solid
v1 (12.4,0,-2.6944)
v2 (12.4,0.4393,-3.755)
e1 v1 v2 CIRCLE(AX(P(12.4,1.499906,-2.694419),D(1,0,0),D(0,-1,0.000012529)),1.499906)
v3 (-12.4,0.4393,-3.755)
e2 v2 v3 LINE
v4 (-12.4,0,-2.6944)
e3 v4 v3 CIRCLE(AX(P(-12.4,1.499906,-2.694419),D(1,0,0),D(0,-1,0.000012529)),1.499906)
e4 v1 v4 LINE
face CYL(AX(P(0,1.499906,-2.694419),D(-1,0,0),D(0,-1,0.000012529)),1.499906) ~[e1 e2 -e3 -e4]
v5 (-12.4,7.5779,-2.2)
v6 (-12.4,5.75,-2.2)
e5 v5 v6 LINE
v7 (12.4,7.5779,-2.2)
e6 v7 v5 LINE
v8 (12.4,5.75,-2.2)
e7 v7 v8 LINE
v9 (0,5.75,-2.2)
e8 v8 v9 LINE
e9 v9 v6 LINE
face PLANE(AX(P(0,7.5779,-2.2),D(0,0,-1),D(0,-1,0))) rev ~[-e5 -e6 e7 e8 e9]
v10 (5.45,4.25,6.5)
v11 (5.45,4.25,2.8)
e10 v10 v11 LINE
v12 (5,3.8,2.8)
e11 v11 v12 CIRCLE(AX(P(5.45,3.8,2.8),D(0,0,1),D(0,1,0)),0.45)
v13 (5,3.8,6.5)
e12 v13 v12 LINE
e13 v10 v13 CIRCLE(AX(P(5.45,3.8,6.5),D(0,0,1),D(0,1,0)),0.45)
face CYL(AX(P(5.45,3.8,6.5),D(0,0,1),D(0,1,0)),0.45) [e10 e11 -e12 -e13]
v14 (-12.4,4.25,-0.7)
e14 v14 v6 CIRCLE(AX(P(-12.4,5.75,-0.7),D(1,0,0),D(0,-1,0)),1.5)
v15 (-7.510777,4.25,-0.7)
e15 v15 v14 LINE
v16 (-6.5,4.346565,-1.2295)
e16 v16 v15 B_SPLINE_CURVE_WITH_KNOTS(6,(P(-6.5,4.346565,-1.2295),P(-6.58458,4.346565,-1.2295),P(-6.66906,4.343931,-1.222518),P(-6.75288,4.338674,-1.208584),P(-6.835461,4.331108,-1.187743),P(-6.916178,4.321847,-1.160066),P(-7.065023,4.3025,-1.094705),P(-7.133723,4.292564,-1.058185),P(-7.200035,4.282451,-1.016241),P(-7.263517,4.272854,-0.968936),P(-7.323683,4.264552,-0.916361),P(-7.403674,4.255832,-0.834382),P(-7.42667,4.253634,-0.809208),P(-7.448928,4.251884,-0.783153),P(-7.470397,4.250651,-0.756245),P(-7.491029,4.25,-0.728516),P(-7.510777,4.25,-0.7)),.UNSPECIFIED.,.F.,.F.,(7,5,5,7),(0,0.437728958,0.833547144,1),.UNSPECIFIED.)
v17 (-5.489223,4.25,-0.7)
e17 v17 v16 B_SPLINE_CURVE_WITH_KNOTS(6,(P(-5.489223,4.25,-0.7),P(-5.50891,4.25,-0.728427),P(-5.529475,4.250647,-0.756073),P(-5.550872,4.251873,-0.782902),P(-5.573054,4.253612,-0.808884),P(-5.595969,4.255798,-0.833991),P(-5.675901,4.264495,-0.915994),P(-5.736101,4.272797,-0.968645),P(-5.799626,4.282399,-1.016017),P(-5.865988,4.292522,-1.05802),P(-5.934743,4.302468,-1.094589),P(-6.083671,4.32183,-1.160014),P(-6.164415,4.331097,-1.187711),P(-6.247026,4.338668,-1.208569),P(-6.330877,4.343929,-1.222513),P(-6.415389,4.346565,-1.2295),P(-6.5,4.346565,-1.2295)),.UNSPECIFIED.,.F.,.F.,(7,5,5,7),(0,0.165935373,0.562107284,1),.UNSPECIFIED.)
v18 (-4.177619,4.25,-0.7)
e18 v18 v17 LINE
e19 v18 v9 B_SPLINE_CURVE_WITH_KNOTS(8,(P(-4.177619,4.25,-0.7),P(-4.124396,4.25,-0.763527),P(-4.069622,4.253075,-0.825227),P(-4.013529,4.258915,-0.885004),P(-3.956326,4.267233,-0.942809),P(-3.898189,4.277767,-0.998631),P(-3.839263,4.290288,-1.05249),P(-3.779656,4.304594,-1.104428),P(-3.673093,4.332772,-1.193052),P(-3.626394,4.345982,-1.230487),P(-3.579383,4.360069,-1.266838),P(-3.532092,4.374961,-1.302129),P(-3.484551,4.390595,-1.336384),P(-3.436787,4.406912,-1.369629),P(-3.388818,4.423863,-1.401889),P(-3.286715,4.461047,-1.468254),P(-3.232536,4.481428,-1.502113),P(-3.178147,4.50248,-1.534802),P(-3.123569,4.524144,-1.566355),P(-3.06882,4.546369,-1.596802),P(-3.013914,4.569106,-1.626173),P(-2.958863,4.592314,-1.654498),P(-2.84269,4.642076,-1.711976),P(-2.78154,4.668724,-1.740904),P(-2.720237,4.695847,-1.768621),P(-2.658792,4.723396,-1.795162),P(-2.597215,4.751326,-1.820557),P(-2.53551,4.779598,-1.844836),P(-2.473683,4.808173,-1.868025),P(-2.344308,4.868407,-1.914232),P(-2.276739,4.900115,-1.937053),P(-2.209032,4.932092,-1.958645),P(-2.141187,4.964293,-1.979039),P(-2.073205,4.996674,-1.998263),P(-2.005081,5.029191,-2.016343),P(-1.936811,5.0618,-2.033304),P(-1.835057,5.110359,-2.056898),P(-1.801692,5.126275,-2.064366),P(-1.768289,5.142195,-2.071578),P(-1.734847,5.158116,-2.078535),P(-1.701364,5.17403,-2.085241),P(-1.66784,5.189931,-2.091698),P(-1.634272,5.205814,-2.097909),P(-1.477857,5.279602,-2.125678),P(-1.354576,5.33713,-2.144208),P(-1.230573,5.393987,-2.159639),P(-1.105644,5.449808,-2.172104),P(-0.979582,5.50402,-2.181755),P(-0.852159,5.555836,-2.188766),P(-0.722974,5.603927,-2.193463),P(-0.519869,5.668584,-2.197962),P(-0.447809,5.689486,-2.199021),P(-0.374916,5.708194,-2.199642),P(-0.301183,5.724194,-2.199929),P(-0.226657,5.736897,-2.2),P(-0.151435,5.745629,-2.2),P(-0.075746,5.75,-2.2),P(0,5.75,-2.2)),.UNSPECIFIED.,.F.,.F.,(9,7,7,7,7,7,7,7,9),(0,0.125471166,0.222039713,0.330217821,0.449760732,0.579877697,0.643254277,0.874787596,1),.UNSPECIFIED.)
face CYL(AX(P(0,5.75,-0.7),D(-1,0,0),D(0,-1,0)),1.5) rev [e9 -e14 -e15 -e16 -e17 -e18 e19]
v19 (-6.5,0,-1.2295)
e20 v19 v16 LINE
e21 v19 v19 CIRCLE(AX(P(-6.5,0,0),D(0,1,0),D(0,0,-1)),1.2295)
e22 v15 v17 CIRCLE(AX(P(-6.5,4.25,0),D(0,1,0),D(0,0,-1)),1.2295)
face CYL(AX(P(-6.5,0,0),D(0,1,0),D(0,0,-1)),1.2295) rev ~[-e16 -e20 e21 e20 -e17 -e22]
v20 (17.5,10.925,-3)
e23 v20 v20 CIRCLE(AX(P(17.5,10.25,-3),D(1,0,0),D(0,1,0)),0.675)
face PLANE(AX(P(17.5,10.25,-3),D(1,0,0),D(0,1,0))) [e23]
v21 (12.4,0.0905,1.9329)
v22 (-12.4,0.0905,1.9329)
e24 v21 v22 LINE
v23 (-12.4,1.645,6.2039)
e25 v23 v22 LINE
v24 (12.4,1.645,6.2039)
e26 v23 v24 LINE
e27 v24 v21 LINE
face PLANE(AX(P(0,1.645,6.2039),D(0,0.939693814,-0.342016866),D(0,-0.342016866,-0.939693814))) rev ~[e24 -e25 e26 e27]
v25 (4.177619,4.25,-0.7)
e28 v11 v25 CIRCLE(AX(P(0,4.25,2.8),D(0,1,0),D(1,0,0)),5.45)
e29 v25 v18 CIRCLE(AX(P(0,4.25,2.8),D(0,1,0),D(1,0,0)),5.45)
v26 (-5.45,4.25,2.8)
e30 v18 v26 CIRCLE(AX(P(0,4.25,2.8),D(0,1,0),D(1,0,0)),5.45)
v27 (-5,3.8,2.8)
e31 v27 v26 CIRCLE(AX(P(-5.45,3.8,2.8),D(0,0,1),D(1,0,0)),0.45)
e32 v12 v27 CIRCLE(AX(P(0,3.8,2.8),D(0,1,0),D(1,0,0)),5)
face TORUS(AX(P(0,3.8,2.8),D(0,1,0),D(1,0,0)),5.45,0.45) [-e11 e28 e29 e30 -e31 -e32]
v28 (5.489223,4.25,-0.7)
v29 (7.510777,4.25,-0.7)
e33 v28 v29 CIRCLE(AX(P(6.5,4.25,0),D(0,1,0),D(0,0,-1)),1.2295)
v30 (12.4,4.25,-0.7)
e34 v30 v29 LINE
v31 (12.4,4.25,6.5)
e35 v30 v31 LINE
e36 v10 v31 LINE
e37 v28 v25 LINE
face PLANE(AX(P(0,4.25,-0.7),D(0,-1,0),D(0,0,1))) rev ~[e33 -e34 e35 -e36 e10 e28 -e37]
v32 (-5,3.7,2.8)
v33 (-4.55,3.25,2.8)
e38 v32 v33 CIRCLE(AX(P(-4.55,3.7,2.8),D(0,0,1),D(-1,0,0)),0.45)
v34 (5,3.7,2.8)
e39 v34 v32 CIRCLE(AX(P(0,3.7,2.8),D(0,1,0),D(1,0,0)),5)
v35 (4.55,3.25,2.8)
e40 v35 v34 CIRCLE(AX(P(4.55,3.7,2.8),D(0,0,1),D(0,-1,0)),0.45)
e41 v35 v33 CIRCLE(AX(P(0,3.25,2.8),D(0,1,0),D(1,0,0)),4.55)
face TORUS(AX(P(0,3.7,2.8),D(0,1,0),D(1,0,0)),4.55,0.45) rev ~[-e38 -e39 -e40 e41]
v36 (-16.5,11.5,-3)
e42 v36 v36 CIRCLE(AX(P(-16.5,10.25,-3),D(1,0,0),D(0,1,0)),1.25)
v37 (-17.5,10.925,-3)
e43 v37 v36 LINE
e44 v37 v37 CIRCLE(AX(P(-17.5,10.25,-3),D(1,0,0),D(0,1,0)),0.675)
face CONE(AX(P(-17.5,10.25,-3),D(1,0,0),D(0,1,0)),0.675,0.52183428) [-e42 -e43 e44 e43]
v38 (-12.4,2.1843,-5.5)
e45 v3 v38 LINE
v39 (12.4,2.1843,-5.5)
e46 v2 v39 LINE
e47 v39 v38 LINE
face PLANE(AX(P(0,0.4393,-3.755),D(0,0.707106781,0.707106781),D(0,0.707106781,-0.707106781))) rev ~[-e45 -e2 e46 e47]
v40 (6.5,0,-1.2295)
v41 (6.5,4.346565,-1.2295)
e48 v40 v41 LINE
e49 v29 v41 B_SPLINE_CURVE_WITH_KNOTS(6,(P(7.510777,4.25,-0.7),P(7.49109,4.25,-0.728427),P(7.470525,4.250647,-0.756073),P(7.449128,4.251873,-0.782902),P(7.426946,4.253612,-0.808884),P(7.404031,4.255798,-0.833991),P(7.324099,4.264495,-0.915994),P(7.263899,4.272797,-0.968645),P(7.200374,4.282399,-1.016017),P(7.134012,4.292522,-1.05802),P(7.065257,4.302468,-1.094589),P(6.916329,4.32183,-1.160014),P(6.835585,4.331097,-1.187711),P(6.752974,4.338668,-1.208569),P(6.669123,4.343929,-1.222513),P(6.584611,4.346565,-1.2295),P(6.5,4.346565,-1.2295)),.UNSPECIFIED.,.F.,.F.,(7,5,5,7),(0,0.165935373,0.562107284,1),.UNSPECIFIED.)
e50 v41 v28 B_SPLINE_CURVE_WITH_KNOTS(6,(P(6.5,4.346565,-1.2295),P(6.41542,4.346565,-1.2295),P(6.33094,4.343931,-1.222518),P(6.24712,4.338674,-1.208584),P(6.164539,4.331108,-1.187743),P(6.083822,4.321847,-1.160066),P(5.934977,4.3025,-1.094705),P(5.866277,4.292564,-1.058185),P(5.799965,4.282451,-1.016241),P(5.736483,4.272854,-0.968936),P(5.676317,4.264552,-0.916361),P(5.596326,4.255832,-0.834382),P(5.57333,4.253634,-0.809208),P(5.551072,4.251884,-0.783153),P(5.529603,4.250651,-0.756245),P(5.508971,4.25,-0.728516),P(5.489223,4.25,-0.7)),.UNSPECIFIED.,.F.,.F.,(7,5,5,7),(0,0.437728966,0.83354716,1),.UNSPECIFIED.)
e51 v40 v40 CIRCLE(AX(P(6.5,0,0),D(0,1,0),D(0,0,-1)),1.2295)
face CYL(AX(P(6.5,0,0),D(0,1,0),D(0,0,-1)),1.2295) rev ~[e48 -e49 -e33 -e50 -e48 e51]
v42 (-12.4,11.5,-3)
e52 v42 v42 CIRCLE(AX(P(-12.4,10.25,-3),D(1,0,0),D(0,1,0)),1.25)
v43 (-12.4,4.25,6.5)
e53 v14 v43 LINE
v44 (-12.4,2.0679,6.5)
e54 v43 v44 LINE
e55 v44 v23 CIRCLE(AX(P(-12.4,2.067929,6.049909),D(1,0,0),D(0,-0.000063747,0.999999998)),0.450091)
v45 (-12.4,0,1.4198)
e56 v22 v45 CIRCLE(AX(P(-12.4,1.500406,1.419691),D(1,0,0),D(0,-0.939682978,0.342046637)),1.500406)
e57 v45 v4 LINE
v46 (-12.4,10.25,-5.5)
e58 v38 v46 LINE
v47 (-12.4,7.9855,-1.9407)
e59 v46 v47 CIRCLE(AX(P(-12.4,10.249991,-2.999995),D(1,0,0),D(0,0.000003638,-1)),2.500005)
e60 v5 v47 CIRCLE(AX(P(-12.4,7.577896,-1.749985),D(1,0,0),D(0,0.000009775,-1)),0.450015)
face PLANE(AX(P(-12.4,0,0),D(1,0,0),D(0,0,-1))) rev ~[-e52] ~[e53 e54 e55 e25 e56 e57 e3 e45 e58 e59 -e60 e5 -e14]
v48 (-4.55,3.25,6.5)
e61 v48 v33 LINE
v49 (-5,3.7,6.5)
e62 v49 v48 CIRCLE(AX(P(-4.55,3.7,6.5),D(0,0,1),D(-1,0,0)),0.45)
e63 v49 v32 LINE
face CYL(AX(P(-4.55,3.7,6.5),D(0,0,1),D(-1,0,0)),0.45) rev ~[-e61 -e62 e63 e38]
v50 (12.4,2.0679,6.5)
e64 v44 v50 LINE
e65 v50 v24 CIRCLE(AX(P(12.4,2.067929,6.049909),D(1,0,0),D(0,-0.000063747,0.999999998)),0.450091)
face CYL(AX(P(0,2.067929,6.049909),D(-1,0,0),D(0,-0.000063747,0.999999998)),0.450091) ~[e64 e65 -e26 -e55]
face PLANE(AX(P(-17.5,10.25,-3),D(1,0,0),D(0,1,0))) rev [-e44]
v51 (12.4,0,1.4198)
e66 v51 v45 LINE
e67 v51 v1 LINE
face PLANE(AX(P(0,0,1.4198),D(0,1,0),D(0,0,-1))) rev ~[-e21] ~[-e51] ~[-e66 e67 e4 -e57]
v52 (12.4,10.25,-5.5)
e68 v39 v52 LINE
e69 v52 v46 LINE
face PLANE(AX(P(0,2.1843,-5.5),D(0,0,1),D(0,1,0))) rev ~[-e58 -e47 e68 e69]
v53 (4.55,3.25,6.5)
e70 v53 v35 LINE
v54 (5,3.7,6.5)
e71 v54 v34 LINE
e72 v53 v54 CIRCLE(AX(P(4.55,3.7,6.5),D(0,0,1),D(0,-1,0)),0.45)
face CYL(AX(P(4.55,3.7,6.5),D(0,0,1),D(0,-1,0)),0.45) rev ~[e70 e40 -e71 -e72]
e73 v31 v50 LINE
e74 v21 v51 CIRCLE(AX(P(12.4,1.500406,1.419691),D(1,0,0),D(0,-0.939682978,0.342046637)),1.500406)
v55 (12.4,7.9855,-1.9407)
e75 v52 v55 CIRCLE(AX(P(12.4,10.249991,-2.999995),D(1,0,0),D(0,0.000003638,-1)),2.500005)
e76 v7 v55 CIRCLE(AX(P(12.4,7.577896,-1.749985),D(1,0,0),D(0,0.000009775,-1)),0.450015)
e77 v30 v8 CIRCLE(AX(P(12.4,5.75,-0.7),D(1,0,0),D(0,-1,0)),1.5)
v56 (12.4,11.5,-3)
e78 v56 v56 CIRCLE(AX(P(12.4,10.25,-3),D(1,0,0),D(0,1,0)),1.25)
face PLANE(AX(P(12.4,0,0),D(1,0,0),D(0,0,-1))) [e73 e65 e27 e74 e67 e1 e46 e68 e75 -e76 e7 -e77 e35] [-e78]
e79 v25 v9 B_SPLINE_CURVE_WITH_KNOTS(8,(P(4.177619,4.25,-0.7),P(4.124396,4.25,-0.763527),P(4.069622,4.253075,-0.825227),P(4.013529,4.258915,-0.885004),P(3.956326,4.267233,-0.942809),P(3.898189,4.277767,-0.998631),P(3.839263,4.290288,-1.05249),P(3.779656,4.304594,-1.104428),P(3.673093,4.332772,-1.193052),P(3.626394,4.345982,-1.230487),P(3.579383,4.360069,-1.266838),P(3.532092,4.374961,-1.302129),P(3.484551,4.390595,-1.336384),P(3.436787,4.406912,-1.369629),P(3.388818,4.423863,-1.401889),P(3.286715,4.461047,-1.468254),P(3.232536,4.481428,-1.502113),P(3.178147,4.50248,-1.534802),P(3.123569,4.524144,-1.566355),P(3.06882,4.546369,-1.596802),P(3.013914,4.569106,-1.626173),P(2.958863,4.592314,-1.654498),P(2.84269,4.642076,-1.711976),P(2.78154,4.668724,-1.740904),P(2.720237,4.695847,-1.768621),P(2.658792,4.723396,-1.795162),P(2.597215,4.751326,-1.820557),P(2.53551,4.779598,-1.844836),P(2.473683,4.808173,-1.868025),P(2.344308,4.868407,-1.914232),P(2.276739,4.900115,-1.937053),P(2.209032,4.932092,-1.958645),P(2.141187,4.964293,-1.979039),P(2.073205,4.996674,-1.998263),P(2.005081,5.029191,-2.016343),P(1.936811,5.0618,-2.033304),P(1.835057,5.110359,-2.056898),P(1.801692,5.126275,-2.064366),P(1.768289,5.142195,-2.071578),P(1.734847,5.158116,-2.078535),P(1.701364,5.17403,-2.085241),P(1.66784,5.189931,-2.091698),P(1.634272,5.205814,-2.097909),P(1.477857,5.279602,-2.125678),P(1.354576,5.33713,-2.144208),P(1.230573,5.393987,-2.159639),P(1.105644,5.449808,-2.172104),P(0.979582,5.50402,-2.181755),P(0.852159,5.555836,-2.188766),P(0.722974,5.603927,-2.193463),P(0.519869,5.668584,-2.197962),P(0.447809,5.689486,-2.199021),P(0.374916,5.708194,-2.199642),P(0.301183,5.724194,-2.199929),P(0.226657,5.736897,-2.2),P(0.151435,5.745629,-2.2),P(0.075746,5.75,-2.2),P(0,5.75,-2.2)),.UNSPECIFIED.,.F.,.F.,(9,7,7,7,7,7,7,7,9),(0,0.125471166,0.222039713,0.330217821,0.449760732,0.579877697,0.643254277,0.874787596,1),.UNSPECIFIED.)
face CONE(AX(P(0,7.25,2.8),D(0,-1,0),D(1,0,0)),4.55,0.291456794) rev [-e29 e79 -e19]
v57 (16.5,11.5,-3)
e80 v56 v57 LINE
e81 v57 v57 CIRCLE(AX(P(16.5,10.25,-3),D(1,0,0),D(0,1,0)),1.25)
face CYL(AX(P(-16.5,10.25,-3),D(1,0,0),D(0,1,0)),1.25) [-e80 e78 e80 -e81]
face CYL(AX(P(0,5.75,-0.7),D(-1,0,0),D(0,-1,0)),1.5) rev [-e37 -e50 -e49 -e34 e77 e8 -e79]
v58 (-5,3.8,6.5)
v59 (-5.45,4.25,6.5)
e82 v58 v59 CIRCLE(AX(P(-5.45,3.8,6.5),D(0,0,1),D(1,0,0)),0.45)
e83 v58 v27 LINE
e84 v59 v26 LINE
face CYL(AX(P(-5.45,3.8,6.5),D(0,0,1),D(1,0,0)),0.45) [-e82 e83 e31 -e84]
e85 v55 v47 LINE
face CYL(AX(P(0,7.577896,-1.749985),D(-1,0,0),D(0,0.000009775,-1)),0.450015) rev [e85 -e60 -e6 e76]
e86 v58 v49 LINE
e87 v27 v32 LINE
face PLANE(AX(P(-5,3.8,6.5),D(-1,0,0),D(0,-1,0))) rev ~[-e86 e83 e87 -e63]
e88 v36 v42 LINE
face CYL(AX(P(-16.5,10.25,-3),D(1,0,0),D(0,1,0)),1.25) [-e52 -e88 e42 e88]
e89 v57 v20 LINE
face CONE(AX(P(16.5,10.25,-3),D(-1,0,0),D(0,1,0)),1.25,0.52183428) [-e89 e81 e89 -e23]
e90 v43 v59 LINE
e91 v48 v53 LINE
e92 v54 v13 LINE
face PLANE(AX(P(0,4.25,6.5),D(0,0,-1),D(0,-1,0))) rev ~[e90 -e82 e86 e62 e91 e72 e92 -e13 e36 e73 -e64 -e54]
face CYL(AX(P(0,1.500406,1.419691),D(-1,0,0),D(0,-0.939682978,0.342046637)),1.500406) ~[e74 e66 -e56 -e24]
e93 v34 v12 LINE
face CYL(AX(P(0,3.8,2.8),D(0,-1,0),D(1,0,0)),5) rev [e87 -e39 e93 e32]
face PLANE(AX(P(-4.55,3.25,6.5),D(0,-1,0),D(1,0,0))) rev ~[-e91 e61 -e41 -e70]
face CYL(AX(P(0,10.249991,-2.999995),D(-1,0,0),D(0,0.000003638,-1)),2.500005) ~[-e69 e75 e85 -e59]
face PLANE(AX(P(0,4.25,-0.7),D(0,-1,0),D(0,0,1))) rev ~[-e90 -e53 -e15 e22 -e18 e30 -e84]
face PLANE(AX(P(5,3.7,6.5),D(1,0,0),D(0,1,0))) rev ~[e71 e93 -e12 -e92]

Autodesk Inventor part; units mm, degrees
sketch "Sketch_1" plane through (0, 0, 0) normal (1, 0, 0) x (0, 0, -1)
  line L0 (-6.5, 4.25) -> (-6.5, 2.0679)
  arc A0 (-6.5, 2.0679) -> (-6.2039, 1.645) centre (-6.05, 2.0679) ccw
  line L1 (-6.2039, 1.645) -> (-1.9329, 0.0905)
  arc A1 (-1.9329, 0.0905) -> (-1.4198, 0) centre (-1.4198, 1.5) ccw
  line L2 (-1.4198, 0) -> (2.6944, 0)
  arc A2 (2.6944, 0) -> (3.755, 0.4393) centre (2.6944, 1.5) ccw
  line L3 (3.755, 0.4393) -> (5.5, 2.1843)
  line L4 (5.5, 2.1843) -> (5.5, 10.25)
  arc A3 (5.5, 10.25) -> (1.9407, 7.9855) centre (3, 10.25) ccw
  arc A4 (2.2, 7.5779) -> (1.9407, 7.9855) centre (1.75, 7.5779) ccw
  line L5 (2.2, 7.5779) -> (2.2, 5.75)
  arc A5 (0.7, 4.25) -> (2.2, 5.75) centre (0.7, 5.75) ccw
  line L6 (0.7, 4.25) -> (-6.5, 4.25)
extrude "Extrusion1" add sketch "Sketch_1" along normal mid plane 24.8
sketch "Sketch2" plane through (-12.4, 0, -2.6944) normal (0, -1, 0) x (1, 0, 0)
  point P0 (18.9, 2.6944)
hole "Hole1" at (6.5, 0, 0) direction (0, 1, 0) diameter 2.459 depth 5.75
sketch "Sketch3" plane through (-12.4, 0, -2.6944) normal (0, -1, 0) x (1, 0, 0)
  point P0 (5.9, 2.6944)
hole "Hole2" at (-6.5, 0, 0) direction (0, 1, 0) diameter 2.459 depth 5.75
sketch "Sketch_5" plane through (0, 0, 6.5) normal (0, 0, 1) x (1, 0, 0)
  arc A0 (-5, 3.8) -> (-5.45, 4.25) centre (-5.45, 3.8) ccw
  line L0 (-5, 3.8) -> (-5, 3.7)
  arc A1 (-5, 3.7) -> (-4.55, 3.25) centre (-4.55, 3.7) ccw
  line L1 (-4.55, 3.25) -> (4.55, 3.25)
  arc A2 (4.55, 3.25) -> (5, 3.7) centre (4.55, 3.7) ccw
  line L2 (5, 3.7) -> (5, 3.8)
  arc A3 (5.45, 4.25) -> (5, 3.8) centre (5.45, 3.8) ccw
  line L3 (5.45, 4.25) -> (5.45, 7.25)
  line L4 (5.45, 7.25) -> (-5.45, 7.25)
  line L5 (-5.45, 7.25) -> (-5.45, 4.25)
extrude "Extrusion2" cut sketch "Sketch_5" against normal blind 3.7
sketch "Sketch_6" plane through (0, 0, 2.8) normal (0, 0, 1) x (1, 0, 0)
  line L0 (0, 3.25) -> (0, 7.25)
  line L1 (0, 7.25) -> (4.55, 7.25)
  line L2 (4.55, 7.25) -> (5.45, 4.25)
  arc A0 (5.45, 4.25) -> (5, 3.8) centre (5.45, 3.8) ccw
  line L3 (5, 3.8) -> (5, 3.7)
  arc A1 (4.55, 3.25) -> (5, 3.7) centre (4.55, 3.7) ccw
  line L4 (4.55, 3.25) -> (0, 3.25)
  line L5 (0, 3.25) -> (0, 7.25)
revolve "Revolution1" cut sketch "Sketch_6" angle 180 about axis through (0, 3.25, 2.8) along (0, 1, 0)
sketch "Sketch_8" plane through (0, 0, -3) normal (0, 0, 1) x (1, 0, 0)
  line L0 (17.5, 10.25) -> (-17.5, 10.25)
  line L1 (-17.5, 10.25) -> (-17.5, 10.925)
  line L2 (-17.5, 10.925) -> (-16.5, 11.5)
  line L3 (-16.5, 11.5) -> (16.5, 11.5)
  line L4 (16.5, 11.5) -> (17.5, 10.925)
  line L5 (17.5, 10.925) -> (17.5, 10.25)
  line L6 (17.5, 10.25) -> (-17.5, 10.25)
revolve "Revolution2" add sketch "Sketch_8" angle 360 about axis through (17.5, 10.25, -3) along (1, 0, 0)
ref_plane "DECKEL_XY" through (0, 10.25, -3) normal (1, 0, 0) x (0, 0, -1)
ref_plane "DECKEL_YZ" through (0, 10.25, -3) normal (0, 0, -1) x (0, 1, 0)
ref_plane "DECKEL_ZX" through (0, 10.25, -3) normal (0, 1, 0) x (1, 0, 0)
ref_plane "HINGE_XY" through (0, 0, 0) normal (1, 0, 0) x (0, 0, -1)
ref_plane "HINGE_YZ" through (0, 0, 0) normal (0, 0, -1) x (0, 1, 0)
ref_plane "HINGE_ZX" through (0, 0, 0) normal (0, 1, 0) x (1, 0, 0)
properties part number "1301.000_4_(1)"
